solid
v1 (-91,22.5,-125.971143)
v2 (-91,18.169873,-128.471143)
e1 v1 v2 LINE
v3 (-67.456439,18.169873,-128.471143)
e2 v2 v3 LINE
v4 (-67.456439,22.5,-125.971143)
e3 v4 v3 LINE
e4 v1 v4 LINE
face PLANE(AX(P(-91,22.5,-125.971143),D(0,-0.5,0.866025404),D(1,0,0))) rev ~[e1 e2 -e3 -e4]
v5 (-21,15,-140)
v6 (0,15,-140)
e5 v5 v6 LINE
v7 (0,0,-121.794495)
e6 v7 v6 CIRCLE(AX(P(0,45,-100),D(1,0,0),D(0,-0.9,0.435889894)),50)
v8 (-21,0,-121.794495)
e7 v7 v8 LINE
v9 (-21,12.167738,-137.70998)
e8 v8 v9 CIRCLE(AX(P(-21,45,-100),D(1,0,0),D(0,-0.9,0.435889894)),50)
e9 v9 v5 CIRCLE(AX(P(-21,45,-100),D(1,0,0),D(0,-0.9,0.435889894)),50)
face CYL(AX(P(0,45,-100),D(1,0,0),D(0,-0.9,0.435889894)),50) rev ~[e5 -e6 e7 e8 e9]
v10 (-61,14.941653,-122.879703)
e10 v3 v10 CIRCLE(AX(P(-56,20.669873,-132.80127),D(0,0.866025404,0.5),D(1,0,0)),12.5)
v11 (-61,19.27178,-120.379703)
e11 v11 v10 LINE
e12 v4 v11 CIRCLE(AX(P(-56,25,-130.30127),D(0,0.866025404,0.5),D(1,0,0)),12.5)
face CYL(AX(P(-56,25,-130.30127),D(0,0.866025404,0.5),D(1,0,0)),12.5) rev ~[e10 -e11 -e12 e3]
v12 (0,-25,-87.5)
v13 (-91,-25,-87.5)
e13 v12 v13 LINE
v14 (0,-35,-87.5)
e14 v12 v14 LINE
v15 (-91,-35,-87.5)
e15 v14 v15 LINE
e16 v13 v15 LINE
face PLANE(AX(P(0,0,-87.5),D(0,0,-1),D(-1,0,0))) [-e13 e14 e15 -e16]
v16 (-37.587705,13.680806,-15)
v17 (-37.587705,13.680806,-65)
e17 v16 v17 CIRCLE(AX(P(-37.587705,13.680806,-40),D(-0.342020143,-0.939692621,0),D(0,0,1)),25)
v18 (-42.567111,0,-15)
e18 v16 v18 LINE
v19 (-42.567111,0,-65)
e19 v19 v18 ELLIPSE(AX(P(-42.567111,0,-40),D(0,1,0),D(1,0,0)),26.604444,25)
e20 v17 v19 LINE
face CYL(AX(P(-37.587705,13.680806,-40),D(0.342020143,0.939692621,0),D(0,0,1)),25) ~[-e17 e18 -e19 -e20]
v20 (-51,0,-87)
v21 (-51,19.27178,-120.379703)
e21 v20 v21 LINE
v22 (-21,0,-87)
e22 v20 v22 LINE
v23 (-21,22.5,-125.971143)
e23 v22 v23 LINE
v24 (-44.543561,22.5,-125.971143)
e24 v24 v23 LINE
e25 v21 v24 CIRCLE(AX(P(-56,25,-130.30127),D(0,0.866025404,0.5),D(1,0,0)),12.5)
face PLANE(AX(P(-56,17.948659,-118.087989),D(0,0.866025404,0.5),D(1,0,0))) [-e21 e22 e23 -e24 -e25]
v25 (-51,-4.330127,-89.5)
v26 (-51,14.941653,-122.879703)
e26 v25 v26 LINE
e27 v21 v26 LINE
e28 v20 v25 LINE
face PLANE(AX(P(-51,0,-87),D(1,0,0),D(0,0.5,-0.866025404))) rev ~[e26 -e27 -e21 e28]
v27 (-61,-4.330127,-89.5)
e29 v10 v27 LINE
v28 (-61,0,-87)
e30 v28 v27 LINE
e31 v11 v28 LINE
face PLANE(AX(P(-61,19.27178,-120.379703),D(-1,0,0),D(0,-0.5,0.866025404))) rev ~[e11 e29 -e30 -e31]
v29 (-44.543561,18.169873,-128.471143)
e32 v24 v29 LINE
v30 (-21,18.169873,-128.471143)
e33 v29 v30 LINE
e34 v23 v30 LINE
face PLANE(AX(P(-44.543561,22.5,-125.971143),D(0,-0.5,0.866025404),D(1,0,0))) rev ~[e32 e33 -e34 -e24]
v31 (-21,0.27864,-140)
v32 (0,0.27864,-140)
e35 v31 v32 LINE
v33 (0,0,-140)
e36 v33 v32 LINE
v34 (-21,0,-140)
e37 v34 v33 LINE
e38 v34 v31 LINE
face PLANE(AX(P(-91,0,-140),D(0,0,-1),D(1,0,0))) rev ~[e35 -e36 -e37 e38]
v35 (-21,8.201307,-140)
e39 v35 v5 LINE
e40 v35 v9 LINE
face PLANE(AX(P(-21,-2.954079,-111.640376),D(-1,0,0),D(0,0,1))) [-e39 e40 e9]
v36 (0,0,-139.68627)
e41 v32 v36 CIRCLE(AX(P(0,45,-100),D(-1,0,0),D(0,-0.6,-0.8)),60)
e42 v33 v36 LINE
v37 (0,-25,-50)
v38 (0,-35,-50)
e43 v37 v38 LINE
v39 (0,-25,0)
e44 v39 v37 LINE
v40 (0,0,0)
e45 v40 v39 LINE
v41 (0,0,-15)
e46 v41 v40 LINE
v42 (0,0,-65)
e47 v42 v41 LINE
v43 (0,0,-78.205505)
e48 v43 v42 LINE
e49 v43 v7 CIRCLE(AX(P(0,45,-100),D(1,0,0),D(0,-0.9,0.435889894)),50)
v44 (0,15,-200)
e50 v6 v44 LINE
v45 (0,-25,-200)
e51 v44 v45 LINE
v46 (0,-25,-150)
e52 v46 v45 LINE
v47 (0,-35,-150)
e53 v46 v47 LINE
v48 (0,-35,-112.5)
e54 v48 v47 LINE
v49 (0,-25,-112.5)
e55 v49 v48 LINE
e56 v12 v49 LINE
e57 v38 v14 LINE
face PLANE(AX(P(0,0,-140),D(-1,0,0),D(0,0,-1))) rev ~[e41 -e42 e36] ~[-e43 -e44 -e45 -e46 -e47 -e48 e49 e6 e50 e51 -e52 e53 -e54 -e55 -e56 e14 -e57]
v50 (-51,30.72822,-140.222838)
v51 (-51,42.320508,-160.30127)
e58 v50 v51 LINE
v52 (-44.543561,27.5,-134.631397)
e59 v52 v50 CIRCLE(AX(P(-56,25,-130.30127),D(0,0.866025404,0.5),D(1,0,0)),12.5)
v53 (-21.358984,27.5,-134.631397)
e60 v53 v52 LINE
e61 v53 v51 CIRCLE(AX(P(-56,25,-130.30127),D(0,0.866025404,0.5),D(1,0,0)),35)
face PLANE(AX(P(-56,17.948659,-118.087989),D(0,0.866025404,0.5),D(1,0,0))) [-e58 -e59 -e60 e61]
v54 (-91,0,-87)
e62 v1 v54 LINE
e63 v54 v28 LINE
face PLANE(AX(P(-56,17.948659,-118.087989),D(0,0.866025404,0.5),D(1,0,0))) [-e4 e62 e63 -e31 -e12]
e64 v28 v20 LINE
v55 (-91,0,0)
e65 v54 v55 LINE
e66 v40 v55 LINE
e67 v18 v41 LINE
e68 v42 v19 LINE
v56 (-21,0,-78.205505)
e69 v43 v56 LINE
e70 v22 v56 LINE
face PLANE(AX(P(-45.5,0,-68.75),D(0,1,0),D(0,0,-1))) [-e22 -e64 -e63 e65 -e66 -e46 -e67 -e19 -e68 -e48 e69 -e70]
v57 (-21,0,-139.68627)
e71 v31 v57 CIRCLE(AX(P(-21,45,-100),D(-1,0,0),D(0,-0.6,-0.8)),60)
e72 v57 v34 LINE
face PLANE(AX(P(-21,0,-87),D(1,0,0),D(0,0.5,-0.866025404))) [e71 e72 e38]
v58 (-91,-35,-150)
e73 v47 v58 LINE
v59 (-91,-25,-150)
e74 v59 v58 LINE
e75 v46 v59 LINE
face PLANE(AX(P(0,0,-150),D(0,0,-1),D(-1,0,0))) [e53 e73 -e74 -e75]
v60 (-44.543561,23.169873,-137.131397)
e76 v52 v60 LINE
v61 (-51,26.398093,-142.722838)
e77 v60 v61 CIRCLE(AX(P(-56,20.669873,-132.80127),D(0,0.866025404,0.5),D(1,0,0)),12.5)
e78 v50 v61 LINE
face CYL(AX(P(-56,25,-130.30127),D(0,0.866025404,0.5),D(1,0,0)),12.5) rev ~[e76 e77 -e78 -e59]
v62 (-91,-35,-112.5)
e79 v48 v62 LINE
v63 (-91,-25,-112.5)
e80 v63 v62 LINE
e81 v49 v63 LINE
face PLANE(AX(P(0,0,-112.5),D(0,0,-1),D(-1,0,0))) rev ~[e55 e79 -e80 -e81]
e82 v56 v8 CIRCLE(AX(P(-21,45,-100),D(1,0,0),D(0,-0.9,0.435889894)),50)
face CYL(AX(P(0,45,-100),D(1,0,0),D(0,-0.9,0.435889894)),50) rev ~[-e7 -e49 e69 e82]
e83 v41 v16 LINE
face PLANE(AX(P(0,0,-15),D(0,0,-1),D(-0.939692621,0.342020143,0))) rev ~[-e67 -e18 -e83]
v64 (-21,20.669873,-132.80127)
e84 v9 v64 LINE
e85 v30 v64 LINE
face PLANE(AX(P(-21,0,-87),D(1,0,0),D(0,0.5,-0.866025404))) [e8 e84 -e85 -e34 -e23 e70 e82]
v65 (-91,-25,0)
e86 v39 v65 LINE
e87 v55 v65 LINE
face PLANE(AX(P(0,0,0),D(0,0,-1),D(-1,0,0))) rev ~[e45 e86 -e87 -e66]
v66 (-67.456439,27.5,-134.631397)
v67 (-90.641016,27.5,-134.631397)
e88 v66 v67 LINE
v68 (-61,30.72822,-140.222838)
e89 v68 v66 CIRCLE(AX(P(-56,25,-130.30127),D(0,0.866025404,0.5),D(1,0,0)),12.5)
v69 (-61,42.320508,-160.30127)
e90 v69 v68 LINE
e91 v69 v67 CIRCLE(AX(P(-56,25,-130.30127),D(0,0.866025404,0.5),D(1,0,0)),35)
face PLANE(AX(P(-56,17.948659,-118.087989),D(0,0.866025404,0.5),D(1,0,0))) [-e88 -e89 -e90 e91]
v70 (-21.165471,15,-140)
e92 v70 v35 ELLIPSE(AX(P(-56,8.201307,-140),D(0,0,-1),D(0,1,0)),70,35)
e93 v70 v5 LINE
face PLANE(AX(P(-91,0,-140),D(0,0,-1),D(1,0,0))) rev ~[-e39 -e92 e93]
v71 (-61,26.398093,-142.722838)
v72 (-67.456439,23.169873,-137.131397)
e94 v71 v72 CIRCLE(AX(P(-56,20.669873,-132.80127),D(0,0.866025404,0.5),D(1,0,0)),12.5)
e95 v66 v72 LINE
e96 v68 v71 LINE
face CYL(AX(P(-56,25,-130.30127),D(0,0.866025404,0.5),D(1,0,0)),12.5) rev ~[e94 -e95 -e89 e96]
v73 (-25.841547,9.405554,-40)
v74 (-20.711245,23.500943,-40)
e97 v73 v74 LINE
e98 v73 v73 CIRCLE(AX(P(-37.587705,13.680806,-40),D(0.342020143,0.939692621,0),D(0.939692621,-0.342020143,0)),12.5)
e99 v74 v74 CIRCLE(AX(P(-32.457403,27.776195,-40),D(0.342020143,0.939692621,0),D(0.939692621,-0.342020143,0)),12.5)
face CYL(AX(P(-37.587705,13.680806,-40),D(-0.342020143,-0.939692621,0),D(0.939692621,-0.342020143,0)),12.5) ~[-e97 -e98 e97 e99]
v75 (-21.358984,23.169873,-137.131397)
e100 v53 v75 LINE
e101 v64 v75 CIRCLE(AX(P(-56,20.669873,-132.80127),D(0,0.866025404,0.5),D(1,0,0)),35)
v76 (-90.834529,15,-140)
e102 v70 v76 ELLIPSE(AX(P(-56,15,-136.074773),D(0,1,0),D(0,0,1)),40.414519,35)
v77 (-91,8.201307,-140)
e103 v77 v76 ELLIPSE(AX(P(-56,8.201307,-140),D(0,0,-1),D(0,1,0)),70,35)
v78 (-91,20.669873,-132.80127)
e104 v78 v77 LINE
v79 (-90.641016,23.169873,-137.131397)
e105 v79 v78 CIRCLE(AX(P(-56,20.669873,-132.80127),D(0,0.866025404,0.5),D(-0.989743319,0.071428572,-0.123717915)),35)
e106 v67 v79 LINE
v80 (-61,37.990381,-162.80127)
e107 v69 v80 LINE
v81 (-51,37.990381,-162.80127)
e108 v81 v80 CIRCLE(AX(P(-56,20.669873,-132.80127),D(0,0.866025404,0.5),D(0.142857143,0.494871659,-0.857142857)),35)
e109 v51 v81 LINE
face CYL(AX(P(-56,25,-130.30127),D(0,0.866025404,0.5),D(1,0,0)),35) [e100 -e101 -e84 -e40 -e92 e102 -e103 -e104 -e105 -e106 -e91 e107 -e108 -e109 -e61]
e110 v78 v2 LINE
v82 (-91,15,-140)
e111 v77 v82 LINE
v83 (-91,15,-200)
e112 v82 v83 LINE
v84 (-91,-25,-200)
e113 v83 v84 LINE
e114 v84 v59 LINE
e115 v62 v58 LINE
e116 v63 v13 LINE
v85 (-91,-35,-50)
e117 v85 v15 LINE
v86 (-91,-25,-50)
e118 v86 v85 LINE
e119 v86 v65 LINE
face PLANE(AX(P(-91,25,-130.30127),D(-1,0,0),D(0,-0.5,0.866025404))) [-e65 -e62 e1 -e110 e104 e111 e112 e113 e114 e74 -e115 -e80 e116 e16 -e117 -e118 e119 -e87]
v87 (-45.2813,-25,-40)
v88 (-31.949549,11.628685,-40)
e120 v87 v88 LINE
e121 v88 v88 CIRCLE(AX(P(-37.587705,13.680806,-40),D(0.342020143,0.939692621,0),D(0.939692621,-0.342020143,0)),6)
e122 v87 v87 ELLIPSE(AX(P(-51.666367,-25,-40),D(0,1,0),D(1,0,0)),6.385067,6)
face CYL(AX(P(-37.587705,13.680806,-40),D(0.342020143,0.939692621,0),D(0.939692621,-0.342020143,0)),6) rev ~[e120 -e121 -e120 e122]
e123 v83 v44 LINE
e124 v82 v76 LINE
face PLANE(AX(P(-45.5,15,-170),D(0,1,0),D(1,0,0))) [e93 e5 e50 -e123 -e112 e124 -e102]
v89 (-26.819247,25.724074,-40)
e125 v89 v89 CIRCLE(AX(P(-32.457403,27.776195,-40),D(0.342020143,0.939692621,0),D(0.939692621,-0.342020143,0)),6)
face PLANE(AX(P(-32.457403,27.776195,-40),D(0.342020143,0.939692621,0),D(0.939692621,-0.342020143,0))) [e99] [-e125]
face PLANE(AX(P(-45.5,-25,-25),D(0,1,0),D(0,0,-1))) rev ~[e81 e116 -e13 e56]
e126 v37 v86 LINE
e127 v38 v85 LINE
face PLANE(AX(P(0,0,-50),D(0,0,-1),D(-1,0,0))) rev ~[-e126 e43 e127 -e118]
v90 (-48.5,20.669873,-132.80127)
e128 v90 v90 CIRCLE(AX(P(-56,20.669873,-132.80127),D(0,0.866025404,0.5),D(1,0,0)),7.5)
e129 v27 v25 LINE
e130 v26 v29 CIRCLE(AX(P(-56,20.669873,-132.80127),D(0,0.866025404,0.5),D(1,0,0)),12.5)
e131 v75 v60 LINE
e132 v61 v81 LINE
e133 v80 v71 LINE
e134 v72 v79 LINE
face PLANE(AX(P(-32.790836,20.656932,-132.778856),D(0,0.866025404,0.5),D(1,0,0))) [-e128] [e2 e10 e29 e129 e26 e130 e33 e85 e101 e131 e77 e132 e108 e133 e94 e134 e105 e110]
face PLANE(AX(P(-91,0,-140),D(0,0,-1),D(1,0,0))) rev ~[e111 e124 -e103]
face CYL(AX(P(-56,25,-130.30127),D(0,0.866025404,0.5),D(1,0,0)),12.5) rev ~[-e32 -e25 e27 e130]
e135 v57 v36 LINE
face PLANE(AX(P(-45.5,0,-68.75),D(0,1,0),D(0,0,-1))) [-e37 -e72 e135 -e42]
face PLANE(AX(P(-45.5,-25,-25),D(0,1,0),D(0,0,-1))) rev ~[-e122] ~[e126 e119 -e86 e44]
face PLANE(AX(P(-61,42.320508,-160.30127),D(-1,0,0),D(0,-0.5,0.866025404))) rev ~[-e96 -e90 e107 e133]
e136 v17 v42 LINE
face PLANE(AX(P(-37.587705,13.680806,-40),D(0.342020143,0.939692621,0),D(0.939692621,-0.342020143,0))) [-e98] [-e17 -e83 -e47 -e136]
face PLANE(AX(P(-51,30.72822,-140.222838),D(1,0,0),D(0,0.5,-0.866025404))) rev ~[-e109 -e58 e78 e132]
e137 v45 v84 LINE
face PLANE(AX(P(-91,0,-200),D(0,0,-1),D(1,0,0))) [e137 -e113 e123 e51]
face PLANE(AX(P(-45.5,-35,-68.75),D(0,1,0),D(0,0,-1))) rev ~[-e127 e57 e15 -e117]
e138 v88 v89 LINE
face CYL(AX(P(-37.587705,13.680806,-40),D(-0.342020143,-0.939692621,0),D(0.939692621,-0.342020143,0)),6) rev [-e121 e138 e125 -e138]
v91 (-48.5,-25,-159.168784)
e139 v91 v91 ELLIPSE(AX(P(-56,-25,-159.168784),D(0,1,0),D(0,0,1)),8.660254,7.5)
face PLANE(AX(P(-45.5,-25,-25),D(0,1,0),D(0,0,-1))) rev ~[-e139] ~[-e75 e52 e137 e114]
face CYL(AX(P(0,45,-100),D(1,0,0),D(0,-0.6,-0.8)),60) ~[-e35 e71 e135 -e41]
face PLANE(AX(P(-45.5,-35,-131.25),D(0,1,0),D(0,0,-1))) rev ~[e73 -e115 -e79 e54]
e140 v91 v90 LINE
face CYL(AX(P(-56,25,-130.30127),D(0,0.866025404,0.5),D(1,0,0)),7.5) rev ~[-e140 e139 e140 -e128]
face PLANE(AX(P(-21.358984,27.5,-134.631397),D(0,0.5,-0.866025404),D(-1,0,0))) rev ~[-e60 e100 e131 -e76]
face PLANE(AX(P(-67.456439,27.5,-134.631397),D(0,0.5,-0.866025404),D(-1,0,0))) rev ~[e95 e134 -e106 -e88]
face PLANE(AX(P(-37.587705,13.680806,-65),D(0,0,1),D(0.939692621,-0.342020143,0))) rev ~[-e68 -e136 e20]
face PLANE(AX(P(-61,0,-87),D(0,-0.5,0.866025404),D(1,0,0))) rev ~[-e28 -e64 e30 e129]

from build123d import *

# Parameters (mm, degrees)
SKETCH1_W               = 50
SKETCH1_H               = 91
SKETCH1_W_2             = 37.5
SKETCH1_W_3             = 25
BOSS_EXTRUDE1_DEPTH     = 25
SKETCH1_3_W             = 37.5
SKETCH1_3_H             = 91
BOSS_EXTRUDE2_DEPTH     = 35
BOSS_EXTRUDE3_REACH     = 66.013
SKETCH4_R               = 12.5
SKETCH4_R_2             = 6
SKETCH4_4_R             = 6
CUT_EXTRUDE1_DEPTH      = 65.01307477
SKETCH4_5_R             = 12.5
SKETCH4_5_R_2           = 6
BOSS_EXTRUDE4_DEPTH     = 15
SKETCH5_W               = 91
SKETCH5_H               = 60
BOSS_EXTRUDE5_DEPTH     = 15
CUT_EXTRUDE2_DEPTH      = 1
CUT_EXTRUDE2_DEPTH_BACK = 21
EXTRUDE_THIN1_DEPTH     = 21
BOSS_EXTRUDE6_REACH     = 88.811
SKETCH9_R               = 7.5
CUT_EXTRUDE4_DEPTH      = 5
SKETCH9_6_R             = 12.5
CUT_EXTRUDE5_DEPTH      = 5
SKETCH9_7_R             = 7.5
CUT_EXTRUDE6_DEPTH      = 87.810889132


with BuildPart() as part:
    # Sketch1 → Boss-Extrude1 (new body)
    with BuildSketch(Plane(origin=(0, 0, 0), x_dir=(0, 0, -1), z_dir=(0, 1, 0))):
        with Locations((25, 45.5)):
            Rectangle(SKETCH1_W, SKETCH1_H)
        with Locations((68.75, 45.5)):
            Rectangle(SKETCH1_W_2, SKETCH1_H)
        with Locations((100, 45.5)):
            Rectangle(SKETCH1_W_3, SKETCH1_H)
        with Locations((131.25, 45.5)):
            Rectangle(SKETCH1_W_2, SKETCH1_H)
        with Locations((175, 45.5)):
            Rectangle(SKETCH1_W, SKETCH1_H)
    extrude(amount=-BOSS_EXTRUDE1_DEPTH)

    # Sketch1<3> → Boss-Extrude2 (add)
    with BuildSketch(Plane(origin=(0, 0, 0), x_dir=(0, 0, -1), z_dir=(0, 1, 0))):
        with Locations((68.75, 45.5)):
            Rectangle(SKETCH1_3_W, SKETCH1_3_H)
        with Locations((131.25, 45.5)):
            Rectangle(SKETCH1_3_W, SKETCH1_3_H)
    extrude(amount=-BOSS_EXTRUDE2_DEPTH)

    # Boss-Extrude3: up to this face of the body (flat: up to its plane)
    boss_extrude3_end = Plane(part.part.faces().sort_by_distance((-45.5, 0, -100))[0])
    # Sketch4 → Boss-Extrude3 (add, up to the picked face)
    with BuildSketch(Plane(origin=(0, 0, 0), x_dir=(0.939692621, -0.342020143, 0), z_dir=(0.342020143, 0.939692621, 0)), mode=Mode.PRIVATE) as boss_extrude3_sk1:
        with BuildLine():
            ThreePointArc((-40, 15), (-65, 40), (-40, 65))
            Line((-40, 65), (0, 65))
            Line((0, 65), (0, 15))
            Line((0, 15), (-40, 15))
        make_face()
        with Locations((-40, 40)):
            Circle(SKETCH4_R, mode=Mode.SUBTRACT)
    boss_extrude3_tool1 = split(extrude(boss_extrude3_sk1.sketch, amount=-BOSS_EXTRUDE3_REACH, mode=Mode.PRIVATE), bisect_by=boss_extrude3_end, keep=Keep.BOTH, mode=Mode.PRIVATE)
    add(boss_extrude3_tool1.solids().sort_by_distance((-60.309415, 21.950832, -40))[0])
    # Sketch4 → Boss-Extrude3 (add, up to the picked face)
    with BuildSketch(Plane(origin=(0, 0, 0), x_dir=(0.939692621, -0.342020143, 0), z_dir=(0.342020143, 0.939692621, 0)), mode=Mode.PRIVATE) as boss_extrude3_sk2:
        with Locations((-40, 40)):
            Circle(SKETCH4_R)
        with Locations((-40, 40)):
            Circle(SKETCH4_R_2, mode=Mode.SUBTRACT)
    boss_extrude3_tool2 = split(extrude(boss_extrude3_sk2.sketch, amount=-BOSS_EXTRUDE3_REACH, mode=Mode.PRIVATE), bisect_by=boss_extrude3_end, keep=Keep.BOTH, mode=Mode.PRIVATE)
    add(boss_extrude3_tool2.solids().sort_by_distance((-49.001631, 17.835135, -40))[0])

    # Sketch4<4> → Cut-Extrude1 (cut, through all)
    with BuildSketch(Plane(origin=(0, 0, 0), x_dir=(0.939692621, -0.342020143, 0), z_dir=(0.342020143, 0.939692621, 0))):
        with Locations((-40, 40)):
            Circle(SKETCH4_4_R)
    extrude(amount=-CUT_EXTRUDE1_DEPTH, mode=Mode.SUBTRACT)

    # Sketch4<5> → Boss-Extrude4 (add)
    with BuildSketch(Plane(origin=(0, 0, 0), x_dir=(0.939692621, -0.342020143, 0), z_dir=(0.342020143, 0.939692621, 0))):
        with Locations((-40, 40)):
            Circle(SKETCH4_5_R)
        with Locations((-40, 40)):
            Circle(SKETCH4_5_R_2, mode=Mode.SUBTRACT)
    extrude(amount=BOSS_EXTRUDE4_DEPTH)

    # Sketch5 → Boss-Extrude5 (add)
    with BuildSketch(Plane(origin=(0, 0, 0), x_dir=(1, 0, 0), z_dir=(0, 1, 0))):
        with Locations((-45.5, 170)):
            Rectangle(SKETCH5_W, SKETCH5_H)
    extrude(amount=BOSS_EXTRUDE5_DEPTH)

    # Sketch6 → Cut-Extrude2 (cut, two sides)
    with BuildSketch(Plane(origin=(0, 0, 0), x_dir=(0, 0, -1), z_dir=(1, 0, 0))) as cut_extrude2_sk:
        with BuildLine():
            ThreePointArc((78.205505282, 0), (100, -5), (121.794494718, 0))
            Line((121.794494718, 0), (78.205505282, 0))
        make_face()
    extrude(amount=CUT_EXTRUDE2_DEPTH, mode=Mode.SUBTRACT)
    extrude(cut_extrude2_sk.sketch, amount=-CUT_EXTRUDE2_DEPTH_BACK, mode=Mode.SUBTRACT)

    # Sketch6<2> → Extrude-Thin1 (add)
    with BuildSketch(Plane(origin=(0, 0, 0), x_dir=(0, 0, -1), z_dir=(1, 0, 0))):
        with BuildLine():
            ThreePointArc((78.205505282, 0), (111.794494718, -3.588989435), (140, 15))
            Line((140, 15), (148, 9))
            ThreePointArc((148, 9), (114.153393661, -13.306787322), (73.846606339, -9))
            Line((73.846606339, -9), (78.205505282, 0))
        make_face()
    extrude(amount=-EXTRUDE_THIN1_DEPTH)

    # Sketch9 → Boss-Extrude6 (add, up to next)
    with BuildSketch(Plane(origin=(0, -37.672105065, -21.75), x_dir=(1, 0, 0), z_dir=(0, 0.866025404, 0.5)), mode=Mode.PRIVATE) as boss_extrude6_sk1:
        with BuildLine():
            Line((-21, 75.344210129), (-21, 125.344210129))
            ThreePointArc((-21, 125.344210129), (-56, 160.344210129), (-91, 125.344210129))
            Line((-91, 125.344210129), (-91, 75.344210129))
            Line((-91, 75.344210129), (-21, 75.344210129))
        make_face()
        with Locations((-56, 125.344210129)):
            Circle(SKETCH9_R, mode=Mode.SUBTRACT)
    boss_extrude6_tool1 = extrude(boss_extrude6_sk1.sketch, amount=-BOSS_EXTRUDE6_REACH, mode=Mode.PRIVATE) - part.part
    add(boss_extrude6_tool1.solids().sort_by_distance((-56, 19.386227, -120.577931))[0])

    # Sketch9<5> → Cut-Extrude4 (cut)
    with BuildSketch(Plane(origin=(0, -37.672105065, -21.75), x_dir=(1, 0, 0), z_dir=(0, 0.866025404, 0.5))):
        with BuildLine():
            Line((-44.543560763, 120.344210129), (-21, 120.344210129))
            Line((-21, 120.344210129), (-21, 125.344210129))
            ThreePointArc((-21, 125.344210129), (-21.08986132, 127.850645317), (-21.358983849, 130.344210129))
            Line((-21.358983849, 130.344210129), (-44.543560763, 130.344210129))
            ThreePointArc((-44.543560763, 130.344210129), (-43.5, 125.344210129), (-44.543560763, 120.344210129))
        make_face()
        with BuildLine():
            Line((-61, 75.344210129), (-51, 75.344210129))
            Line((-51, 75.344210129), (-51, 113.887770892))
            ThreePointArc((-51, 113.887770892), (-56, 112.844210129), (-61, 113.887770892))
            Line((-61, 113.887770892), (-61, 75.344210129))
        make_face()
        with BuildLine():
            Line((-51, 136.800649367), (-51, 159.985226281))
            ThreePointArc((-51, 159.985226281), (-56, 160.344210129), (-61, 159.985226281))
            Line((-61, 159.985226281), (-61, 136.800649367))
            ThreePointArc((-61, 136.800649367), (-56, 137.844210129), (-51, 136.800649367))
        make_face()
        with BuildLine():
            Line((-91, 125.344210129), (-91, 120.344210129))
            Line((-91, 120.344210129), (-67.456439237, 120.344210129))
            ThreePointArc((-67.456439237, 120.344210129), (-68.5, 125.344210129), (-67.456439237, 130.344210129))
            Line((-67.456439237, 130.344210129), (-90.641016151, 130.344210129))
            ThreePointArc((-90.641016151, 130.344210129), (-90.91013868, 127.850645317), (-91, 125.344210129))
        make_face()
    extrude(amount=-CUT_EXTRUDE4_DEPTH, mode=Mode.SUBTRACT)

    # Sketch9<6> → Cut-Extrude5 (cut)
    with BuildSketch(Plane(origin=(0, -37.672105065, -21.75), x_dir=(1, 0, 0), z_dir=(0, 0.866025404, 0.5))):
        with Locations((-56, 125.344210129)):
            Circle(SKETCH9_6_R)
    extrude(amount=-CUT_EXTRUDE5_DEPTH, mode=Mode.SUBTRACT)

    # Sketch9<7> → Cut-Extrude6 (cut, through all)
    with BuildSketch(Plane(origin=(0, -37.672105065, -21.75), x_dir=(1, 0, 0), z_dir=(0, 0.866025404, 0.5))):
        with Locations((-56, 125.344210129)):
            Circle(SKETCH9_7_R)
    extrude(amount=-CUT_EXTRUDE6_DEPTH, mode=Mode.SUBTRACT)


solid = part.part
